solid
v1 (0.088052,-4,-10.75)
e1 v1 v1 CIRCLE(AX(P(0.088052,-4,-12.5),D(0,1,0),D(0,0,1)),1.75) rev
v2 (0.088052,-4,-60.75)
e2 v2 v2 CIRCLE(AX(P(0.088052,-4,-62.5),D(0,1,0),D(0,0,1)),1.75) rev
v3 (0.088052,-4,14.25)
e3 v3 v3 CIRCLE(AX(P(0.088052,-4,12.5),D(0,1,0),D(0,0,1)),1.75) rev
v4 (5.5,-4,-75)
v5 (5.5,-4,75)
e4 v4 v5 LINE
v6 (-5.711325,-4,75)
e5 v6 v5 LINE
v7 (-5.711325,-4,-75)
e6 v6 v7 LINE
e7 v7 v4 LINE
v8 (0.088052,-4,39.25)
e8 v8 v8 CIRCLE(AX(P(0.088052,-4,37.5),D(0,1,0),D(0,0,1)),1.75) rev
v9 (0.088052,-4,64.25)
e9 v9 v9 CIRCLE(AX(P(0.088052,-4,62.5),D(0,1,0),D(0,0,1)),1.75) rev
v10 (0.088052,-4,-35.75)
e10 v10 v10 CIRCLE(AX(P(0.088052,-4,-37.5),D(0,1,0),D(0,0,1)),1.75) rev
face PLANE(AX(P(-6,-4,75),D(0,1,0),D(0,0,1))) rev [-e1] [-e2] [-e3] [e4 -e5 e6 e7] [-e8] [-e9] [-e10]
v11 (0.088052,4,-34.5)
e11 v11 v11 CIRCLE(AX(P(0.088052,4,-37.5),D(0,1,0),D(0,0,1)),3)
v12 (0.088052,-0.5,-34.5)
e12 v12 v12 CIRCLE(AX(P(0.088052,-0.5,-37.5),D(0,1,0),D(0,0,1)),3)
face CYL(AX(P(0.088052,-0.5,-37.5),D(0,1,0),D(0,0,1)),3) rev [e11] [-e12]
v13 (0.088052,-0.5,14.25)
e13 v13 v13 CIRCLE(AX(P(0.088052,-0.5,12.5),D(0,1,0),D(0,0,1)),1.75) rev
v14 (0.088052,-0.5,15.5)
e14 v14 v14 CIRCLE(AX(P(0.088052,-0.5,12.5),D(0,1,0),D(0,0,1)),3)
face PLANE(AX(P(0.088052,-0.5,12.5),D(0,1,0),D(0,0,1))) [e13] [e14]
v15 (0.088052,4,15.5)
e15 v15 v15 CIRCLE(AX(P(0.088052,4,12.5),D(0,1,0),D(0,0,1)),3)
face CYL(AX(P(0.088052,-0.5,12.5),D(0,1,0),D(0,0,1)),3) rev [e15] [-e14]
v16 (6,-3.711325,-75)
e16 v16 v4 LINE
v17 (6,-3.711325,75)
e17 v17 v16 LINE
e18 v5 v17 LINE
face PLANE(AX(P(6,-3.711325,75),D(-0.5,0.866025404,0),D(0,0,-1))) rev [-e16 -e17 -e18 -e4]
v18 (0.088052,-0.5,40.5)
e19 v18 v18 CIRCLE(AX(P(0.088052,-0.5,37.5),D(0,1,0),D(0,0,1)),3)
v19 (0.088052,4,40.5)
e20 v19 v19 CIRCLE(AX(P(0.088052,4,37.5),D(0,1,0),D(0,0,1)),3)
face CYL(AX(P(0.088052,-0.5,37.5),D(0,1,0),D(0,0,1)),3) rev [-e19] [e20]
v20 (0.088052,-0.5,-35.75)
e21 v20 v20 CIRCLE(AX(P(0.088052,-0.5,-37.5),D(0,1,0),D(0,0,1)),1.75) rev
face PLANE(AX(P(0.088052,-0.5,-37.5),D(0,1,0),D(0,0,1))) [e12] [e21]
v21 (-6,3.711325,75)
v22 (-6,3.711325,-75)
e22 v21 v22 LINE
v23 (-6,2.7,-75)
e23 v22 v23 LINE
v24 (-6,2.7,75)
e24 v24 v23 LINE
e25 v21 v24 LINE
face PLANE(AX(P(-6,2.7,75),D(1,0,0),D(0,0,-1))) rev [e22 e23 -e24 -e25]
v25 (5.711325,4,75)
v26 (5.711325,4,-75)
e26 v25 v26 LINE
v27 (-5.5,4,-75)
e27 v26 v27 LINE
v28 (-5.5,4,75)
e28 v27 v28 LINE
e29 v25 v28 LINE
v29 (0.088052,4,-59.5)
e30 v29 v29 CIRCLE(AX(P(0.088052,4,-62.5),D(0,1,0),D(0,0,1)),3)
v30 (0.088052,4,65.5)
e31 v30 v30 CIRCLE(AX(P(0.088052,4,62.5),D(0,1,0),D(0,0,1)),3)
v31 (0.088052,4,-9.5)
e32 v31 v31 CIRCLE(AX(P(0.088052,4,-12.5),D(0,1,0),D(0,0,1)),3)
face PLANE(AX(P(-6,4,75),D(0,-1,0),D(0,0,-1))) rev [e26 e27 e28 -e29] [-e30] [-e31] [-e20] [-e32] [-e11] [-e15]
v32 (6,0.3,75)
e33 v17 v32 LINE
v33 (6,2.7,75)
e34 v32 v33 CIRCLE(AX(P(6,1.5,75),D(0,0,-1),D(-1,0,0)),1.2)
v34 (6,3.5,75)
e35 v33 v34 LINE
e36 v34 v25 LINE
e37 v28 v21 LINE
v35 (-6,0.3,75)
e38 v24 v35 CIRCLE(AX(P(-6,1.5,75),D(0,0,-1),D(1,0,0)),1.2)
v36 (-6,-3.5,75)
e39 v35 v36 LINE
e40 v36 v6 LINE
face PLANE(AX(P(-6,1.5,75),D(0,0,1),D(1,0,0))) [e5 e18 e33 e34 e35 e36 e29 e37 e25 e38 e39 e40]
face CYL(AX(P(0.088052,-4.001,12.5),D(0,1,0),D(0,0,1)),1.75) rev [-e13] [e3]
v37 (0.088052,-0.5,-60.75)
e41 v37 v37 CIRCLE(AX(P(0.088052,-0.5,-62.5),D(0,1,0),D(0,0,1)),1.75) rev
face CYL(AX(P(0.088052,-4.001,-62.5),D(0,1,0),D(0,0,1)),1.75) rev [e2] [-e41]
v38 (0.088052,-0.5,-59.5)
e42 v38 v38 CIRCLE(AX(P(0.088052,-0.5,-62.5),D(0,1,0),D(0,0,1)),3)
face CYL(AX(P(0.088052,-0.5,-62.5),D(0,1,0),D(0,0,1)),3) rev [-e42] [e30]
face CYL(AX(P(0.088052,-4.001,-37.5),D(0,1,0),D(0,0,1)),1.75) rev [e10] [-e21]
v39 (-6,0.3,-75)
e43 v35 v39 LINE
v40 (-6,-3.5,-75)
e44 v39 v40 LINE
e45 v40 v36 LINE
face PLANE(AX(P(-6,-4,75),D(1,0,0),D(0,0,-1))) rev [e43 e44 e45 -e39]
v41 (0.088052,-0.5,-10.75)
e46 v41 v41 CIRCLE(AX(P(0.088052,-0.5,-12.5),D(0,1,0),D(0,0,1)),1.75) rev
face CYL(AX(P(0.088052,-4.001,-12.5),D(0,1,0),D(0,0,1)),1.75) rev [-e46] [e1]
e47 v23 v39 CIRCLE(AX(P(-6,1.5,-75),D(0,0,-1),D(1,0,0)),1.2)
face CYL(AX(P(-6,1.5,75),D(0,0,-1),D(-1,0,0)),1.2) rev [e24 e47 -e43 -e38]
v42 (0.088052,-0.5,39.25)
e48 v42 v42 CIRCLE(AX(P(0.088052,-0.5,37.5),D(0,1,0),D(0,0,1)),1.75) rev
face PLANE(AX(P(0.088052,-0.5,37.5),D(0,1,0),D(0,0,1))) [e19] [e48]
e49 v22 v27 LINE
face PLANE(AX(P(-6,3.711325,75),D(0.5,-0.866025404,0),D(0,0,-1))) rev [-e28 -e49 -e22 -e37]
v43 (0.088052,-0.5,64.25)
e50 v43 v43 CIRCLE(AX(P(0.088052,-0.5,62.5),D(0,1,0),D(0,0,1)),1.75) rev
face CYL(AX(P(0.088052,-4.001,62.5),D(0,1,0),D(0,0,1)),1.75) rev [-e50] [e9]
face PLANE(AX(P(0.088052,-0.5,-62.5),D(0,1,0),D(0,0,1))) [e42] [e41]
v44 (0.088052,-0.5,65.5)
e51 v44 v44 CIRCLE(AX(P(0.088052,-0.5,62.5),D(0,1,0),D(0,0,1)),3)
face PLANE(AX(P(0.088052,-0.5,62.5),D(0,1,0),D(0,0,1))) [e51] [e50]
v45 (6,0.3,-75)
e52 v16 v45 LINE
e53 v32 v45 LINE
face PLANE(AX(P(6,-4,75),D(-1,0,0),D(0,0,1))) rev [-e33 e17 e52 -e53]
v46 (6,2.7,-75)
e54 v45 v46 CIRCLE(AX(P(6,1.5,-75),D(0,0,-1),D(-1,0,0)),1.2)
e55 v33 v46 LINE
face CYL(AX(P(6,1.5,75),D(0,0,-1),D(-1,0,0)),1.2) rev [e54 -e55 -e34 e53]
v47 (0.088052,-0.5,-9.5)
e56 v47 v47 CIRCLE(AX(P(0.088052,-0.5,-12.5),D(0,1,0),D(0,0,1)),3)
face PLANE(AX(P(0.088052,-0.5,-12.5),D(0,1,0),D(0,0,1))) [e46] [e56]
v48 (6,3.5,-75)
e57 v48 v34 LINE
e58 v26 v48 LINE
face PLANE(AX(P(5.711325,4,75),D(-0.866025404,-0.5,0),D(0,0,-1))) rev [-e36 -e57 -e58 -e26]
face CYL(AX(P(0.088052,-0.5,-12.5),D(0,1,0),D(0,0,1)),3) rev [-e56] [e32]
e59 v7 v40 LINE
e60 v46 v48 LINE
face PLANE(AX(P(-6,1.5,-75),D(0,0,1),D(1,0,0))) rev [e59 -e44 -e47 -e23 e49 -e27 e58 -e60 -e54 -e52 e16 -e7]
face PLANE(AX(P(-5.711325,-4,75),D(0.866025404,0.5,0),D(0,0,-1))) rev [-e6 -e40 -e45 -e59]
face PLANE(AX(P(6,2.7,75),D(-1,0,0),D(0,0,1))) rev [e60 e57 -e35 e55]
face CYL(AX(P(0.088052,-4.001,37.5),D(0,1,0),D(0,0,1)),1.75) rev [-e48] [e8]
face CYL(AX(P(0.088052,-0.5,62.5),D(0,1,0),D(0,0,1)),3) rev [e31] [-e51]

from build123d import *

# Parameters (mm, degrees)
BOSS_EXTRUDE1_DEPTH   = 75
CHAMFER1_SIZE         = 0.5
CHAMFER1_SIZE2        = 0.288675135
CHAMFER1_PART_2_SIZE  = 0.5
CHAMFER1_PART_2_SIZE2 = 0.288675135
CHAMFER1_PART_3_SIZE  = 0.5
CHAMFER1_PART_3_SIZE2 = 0.288675135
CHAMFER1_PART_4_SIZE  = 0.5
CHAMFER1_PART_4_SIZE2 = 0.288675135
SKETCH2_R             = 1.75
CUT_EXTRUDE1_DEPTH    = 8
SKETCH3_R             = 3
CUT_EXTRUDE2_DEPTH    = 4.5
LPATTERN1_COUNT       = 6
LPATTERN1_PITCH       = 25


with BuildPart() as part:
    # Sketch1 → Boss-Extrude1 (new body, symmetric)
    with BuildSketch(Plane.XY):
        with BuildLine():
            Line((-6, -4), (6, -4))
            Line((6, -4), (6, 0.3))
            ThreePointArc((6, 0.3), (4.8, 1.5), (6, 2.7))
            Line((6, 2.7), (6, 4))
            Line((6, 4), (-6, 4))
            Line((-6, 4), (-6, 2.7))
            ThreePointArc((-6, 2.7), (-4.8, 1.5), (-6, 0.3))
            Line((-6, 0.3), (-6, -4))
        make_face()
    extrude(amount=BOSS_EXTRUDE1_DEPTH, both=True)

    # Chamfer1
    chamfer1_edges = [part.edges().sort_by_distance(p)[0] for p in [
        (6, -4, 0),
    ]]
    chamfer1_side = [part.faces().sort_by_distance(p)[0] for p in [
        (0, -4, 0),
    ]]
    chamfer(chamfer1_edges, length=CHAMFER1_SIZE, length2=CHAMFER1_SIZE2, reference=chamfer1_side[0])

    # Chamfer1 part 2
    chamfer1_part_2_edges = [part.edges().sort_by_distance(p)[0] for p in [
        (-6, -4, 0),
    ]]
    chamfer1_part_2_side = [part.faces().sort_by_distance(p)[0] for p in [
        (-6, -1.85, 0),
    ]]
    chamfer(chamfer1_part_2_edges, length=CHAMFER1_PART_2_SIZE, length2=CHAMFER1_PART_2_SIZE2, reference=chamfer1_part_2_side[0])

    # Chamfer1 part 3
    chamfer1_part_3_edges = [part.edges().sort_by_distance(p)[0] for p in [
        (-6, 4, 0),
    ]]
    chamfer1_part_3_side = [part.faces().sort_by_distance(p)[0] for p in [
        (0, 4, 0),
    ]]
    chamfer(chamfer1_part_3_edges, length=CHAMFER1_PART_3_SIZE, length2=CHAMFER1_PART_3_SIZE2, reference=chamfer1_part_3_side[0])

    # Chamfer1 part 4
    chamfer1_part_4_edges = [part.edges().sort_by_distance(p)[0] for p in [
        (6, 4, 0),
    ]]
    chamfer1_part_4_side = [part.faces().sort_by_distance(p)[0] for p in [
        (6, 3.35, 0),
    ]]
    chamfer(chamfer1_part_4_edges, length=CHAMFER1_PART_4_SIZE, length2=CHAMFER1_PART_4_SIZE2, reference=chamfer1_part_4_side[0])

    # Sketch2 → Cut-Extrude1 (cut)
    with BuildSketch(Plane(origin=(0, 4, 0), x_dir=(1, 0, 0), z_dir=(0, 1, 0))):
        with Locations((0.088052027, -62.5)):
            Circle(SKETCH2_R)
    cut_extrude1 = extrude(amount=-CUT_EXTRUDE1_DEPTH, mode=Mode.SUBTRACT)

    # Sketch3 → Cut-Extrude2 (cut)
    with BuildSketch(Plane(origin=(0, 4, 0), x_dir=(1, 0, 0), z_dir=(0, 1, 0))):
        with Locations((0.088052027, -62.5)):
            Circle(SKETCH3_R)
    cut_extrude2 = extrude(amount=-CUT_EXTRUDE2_DEPTH, mode=Mode.SUBTRACT)

    # LPattern1: Cut-Extrude1, Cut-Extrude2 ×6
    with Locations(*[(0, 0, -i * LPATTERN1_PITCH) for i in range(1, LPATTERN1_COUNT)]):
        add(cut_extrude1, mode=Mode.SUBTRACT)
        add(cut_extrude2, mode=Mode.SUBTRACT)


solid = part.part
